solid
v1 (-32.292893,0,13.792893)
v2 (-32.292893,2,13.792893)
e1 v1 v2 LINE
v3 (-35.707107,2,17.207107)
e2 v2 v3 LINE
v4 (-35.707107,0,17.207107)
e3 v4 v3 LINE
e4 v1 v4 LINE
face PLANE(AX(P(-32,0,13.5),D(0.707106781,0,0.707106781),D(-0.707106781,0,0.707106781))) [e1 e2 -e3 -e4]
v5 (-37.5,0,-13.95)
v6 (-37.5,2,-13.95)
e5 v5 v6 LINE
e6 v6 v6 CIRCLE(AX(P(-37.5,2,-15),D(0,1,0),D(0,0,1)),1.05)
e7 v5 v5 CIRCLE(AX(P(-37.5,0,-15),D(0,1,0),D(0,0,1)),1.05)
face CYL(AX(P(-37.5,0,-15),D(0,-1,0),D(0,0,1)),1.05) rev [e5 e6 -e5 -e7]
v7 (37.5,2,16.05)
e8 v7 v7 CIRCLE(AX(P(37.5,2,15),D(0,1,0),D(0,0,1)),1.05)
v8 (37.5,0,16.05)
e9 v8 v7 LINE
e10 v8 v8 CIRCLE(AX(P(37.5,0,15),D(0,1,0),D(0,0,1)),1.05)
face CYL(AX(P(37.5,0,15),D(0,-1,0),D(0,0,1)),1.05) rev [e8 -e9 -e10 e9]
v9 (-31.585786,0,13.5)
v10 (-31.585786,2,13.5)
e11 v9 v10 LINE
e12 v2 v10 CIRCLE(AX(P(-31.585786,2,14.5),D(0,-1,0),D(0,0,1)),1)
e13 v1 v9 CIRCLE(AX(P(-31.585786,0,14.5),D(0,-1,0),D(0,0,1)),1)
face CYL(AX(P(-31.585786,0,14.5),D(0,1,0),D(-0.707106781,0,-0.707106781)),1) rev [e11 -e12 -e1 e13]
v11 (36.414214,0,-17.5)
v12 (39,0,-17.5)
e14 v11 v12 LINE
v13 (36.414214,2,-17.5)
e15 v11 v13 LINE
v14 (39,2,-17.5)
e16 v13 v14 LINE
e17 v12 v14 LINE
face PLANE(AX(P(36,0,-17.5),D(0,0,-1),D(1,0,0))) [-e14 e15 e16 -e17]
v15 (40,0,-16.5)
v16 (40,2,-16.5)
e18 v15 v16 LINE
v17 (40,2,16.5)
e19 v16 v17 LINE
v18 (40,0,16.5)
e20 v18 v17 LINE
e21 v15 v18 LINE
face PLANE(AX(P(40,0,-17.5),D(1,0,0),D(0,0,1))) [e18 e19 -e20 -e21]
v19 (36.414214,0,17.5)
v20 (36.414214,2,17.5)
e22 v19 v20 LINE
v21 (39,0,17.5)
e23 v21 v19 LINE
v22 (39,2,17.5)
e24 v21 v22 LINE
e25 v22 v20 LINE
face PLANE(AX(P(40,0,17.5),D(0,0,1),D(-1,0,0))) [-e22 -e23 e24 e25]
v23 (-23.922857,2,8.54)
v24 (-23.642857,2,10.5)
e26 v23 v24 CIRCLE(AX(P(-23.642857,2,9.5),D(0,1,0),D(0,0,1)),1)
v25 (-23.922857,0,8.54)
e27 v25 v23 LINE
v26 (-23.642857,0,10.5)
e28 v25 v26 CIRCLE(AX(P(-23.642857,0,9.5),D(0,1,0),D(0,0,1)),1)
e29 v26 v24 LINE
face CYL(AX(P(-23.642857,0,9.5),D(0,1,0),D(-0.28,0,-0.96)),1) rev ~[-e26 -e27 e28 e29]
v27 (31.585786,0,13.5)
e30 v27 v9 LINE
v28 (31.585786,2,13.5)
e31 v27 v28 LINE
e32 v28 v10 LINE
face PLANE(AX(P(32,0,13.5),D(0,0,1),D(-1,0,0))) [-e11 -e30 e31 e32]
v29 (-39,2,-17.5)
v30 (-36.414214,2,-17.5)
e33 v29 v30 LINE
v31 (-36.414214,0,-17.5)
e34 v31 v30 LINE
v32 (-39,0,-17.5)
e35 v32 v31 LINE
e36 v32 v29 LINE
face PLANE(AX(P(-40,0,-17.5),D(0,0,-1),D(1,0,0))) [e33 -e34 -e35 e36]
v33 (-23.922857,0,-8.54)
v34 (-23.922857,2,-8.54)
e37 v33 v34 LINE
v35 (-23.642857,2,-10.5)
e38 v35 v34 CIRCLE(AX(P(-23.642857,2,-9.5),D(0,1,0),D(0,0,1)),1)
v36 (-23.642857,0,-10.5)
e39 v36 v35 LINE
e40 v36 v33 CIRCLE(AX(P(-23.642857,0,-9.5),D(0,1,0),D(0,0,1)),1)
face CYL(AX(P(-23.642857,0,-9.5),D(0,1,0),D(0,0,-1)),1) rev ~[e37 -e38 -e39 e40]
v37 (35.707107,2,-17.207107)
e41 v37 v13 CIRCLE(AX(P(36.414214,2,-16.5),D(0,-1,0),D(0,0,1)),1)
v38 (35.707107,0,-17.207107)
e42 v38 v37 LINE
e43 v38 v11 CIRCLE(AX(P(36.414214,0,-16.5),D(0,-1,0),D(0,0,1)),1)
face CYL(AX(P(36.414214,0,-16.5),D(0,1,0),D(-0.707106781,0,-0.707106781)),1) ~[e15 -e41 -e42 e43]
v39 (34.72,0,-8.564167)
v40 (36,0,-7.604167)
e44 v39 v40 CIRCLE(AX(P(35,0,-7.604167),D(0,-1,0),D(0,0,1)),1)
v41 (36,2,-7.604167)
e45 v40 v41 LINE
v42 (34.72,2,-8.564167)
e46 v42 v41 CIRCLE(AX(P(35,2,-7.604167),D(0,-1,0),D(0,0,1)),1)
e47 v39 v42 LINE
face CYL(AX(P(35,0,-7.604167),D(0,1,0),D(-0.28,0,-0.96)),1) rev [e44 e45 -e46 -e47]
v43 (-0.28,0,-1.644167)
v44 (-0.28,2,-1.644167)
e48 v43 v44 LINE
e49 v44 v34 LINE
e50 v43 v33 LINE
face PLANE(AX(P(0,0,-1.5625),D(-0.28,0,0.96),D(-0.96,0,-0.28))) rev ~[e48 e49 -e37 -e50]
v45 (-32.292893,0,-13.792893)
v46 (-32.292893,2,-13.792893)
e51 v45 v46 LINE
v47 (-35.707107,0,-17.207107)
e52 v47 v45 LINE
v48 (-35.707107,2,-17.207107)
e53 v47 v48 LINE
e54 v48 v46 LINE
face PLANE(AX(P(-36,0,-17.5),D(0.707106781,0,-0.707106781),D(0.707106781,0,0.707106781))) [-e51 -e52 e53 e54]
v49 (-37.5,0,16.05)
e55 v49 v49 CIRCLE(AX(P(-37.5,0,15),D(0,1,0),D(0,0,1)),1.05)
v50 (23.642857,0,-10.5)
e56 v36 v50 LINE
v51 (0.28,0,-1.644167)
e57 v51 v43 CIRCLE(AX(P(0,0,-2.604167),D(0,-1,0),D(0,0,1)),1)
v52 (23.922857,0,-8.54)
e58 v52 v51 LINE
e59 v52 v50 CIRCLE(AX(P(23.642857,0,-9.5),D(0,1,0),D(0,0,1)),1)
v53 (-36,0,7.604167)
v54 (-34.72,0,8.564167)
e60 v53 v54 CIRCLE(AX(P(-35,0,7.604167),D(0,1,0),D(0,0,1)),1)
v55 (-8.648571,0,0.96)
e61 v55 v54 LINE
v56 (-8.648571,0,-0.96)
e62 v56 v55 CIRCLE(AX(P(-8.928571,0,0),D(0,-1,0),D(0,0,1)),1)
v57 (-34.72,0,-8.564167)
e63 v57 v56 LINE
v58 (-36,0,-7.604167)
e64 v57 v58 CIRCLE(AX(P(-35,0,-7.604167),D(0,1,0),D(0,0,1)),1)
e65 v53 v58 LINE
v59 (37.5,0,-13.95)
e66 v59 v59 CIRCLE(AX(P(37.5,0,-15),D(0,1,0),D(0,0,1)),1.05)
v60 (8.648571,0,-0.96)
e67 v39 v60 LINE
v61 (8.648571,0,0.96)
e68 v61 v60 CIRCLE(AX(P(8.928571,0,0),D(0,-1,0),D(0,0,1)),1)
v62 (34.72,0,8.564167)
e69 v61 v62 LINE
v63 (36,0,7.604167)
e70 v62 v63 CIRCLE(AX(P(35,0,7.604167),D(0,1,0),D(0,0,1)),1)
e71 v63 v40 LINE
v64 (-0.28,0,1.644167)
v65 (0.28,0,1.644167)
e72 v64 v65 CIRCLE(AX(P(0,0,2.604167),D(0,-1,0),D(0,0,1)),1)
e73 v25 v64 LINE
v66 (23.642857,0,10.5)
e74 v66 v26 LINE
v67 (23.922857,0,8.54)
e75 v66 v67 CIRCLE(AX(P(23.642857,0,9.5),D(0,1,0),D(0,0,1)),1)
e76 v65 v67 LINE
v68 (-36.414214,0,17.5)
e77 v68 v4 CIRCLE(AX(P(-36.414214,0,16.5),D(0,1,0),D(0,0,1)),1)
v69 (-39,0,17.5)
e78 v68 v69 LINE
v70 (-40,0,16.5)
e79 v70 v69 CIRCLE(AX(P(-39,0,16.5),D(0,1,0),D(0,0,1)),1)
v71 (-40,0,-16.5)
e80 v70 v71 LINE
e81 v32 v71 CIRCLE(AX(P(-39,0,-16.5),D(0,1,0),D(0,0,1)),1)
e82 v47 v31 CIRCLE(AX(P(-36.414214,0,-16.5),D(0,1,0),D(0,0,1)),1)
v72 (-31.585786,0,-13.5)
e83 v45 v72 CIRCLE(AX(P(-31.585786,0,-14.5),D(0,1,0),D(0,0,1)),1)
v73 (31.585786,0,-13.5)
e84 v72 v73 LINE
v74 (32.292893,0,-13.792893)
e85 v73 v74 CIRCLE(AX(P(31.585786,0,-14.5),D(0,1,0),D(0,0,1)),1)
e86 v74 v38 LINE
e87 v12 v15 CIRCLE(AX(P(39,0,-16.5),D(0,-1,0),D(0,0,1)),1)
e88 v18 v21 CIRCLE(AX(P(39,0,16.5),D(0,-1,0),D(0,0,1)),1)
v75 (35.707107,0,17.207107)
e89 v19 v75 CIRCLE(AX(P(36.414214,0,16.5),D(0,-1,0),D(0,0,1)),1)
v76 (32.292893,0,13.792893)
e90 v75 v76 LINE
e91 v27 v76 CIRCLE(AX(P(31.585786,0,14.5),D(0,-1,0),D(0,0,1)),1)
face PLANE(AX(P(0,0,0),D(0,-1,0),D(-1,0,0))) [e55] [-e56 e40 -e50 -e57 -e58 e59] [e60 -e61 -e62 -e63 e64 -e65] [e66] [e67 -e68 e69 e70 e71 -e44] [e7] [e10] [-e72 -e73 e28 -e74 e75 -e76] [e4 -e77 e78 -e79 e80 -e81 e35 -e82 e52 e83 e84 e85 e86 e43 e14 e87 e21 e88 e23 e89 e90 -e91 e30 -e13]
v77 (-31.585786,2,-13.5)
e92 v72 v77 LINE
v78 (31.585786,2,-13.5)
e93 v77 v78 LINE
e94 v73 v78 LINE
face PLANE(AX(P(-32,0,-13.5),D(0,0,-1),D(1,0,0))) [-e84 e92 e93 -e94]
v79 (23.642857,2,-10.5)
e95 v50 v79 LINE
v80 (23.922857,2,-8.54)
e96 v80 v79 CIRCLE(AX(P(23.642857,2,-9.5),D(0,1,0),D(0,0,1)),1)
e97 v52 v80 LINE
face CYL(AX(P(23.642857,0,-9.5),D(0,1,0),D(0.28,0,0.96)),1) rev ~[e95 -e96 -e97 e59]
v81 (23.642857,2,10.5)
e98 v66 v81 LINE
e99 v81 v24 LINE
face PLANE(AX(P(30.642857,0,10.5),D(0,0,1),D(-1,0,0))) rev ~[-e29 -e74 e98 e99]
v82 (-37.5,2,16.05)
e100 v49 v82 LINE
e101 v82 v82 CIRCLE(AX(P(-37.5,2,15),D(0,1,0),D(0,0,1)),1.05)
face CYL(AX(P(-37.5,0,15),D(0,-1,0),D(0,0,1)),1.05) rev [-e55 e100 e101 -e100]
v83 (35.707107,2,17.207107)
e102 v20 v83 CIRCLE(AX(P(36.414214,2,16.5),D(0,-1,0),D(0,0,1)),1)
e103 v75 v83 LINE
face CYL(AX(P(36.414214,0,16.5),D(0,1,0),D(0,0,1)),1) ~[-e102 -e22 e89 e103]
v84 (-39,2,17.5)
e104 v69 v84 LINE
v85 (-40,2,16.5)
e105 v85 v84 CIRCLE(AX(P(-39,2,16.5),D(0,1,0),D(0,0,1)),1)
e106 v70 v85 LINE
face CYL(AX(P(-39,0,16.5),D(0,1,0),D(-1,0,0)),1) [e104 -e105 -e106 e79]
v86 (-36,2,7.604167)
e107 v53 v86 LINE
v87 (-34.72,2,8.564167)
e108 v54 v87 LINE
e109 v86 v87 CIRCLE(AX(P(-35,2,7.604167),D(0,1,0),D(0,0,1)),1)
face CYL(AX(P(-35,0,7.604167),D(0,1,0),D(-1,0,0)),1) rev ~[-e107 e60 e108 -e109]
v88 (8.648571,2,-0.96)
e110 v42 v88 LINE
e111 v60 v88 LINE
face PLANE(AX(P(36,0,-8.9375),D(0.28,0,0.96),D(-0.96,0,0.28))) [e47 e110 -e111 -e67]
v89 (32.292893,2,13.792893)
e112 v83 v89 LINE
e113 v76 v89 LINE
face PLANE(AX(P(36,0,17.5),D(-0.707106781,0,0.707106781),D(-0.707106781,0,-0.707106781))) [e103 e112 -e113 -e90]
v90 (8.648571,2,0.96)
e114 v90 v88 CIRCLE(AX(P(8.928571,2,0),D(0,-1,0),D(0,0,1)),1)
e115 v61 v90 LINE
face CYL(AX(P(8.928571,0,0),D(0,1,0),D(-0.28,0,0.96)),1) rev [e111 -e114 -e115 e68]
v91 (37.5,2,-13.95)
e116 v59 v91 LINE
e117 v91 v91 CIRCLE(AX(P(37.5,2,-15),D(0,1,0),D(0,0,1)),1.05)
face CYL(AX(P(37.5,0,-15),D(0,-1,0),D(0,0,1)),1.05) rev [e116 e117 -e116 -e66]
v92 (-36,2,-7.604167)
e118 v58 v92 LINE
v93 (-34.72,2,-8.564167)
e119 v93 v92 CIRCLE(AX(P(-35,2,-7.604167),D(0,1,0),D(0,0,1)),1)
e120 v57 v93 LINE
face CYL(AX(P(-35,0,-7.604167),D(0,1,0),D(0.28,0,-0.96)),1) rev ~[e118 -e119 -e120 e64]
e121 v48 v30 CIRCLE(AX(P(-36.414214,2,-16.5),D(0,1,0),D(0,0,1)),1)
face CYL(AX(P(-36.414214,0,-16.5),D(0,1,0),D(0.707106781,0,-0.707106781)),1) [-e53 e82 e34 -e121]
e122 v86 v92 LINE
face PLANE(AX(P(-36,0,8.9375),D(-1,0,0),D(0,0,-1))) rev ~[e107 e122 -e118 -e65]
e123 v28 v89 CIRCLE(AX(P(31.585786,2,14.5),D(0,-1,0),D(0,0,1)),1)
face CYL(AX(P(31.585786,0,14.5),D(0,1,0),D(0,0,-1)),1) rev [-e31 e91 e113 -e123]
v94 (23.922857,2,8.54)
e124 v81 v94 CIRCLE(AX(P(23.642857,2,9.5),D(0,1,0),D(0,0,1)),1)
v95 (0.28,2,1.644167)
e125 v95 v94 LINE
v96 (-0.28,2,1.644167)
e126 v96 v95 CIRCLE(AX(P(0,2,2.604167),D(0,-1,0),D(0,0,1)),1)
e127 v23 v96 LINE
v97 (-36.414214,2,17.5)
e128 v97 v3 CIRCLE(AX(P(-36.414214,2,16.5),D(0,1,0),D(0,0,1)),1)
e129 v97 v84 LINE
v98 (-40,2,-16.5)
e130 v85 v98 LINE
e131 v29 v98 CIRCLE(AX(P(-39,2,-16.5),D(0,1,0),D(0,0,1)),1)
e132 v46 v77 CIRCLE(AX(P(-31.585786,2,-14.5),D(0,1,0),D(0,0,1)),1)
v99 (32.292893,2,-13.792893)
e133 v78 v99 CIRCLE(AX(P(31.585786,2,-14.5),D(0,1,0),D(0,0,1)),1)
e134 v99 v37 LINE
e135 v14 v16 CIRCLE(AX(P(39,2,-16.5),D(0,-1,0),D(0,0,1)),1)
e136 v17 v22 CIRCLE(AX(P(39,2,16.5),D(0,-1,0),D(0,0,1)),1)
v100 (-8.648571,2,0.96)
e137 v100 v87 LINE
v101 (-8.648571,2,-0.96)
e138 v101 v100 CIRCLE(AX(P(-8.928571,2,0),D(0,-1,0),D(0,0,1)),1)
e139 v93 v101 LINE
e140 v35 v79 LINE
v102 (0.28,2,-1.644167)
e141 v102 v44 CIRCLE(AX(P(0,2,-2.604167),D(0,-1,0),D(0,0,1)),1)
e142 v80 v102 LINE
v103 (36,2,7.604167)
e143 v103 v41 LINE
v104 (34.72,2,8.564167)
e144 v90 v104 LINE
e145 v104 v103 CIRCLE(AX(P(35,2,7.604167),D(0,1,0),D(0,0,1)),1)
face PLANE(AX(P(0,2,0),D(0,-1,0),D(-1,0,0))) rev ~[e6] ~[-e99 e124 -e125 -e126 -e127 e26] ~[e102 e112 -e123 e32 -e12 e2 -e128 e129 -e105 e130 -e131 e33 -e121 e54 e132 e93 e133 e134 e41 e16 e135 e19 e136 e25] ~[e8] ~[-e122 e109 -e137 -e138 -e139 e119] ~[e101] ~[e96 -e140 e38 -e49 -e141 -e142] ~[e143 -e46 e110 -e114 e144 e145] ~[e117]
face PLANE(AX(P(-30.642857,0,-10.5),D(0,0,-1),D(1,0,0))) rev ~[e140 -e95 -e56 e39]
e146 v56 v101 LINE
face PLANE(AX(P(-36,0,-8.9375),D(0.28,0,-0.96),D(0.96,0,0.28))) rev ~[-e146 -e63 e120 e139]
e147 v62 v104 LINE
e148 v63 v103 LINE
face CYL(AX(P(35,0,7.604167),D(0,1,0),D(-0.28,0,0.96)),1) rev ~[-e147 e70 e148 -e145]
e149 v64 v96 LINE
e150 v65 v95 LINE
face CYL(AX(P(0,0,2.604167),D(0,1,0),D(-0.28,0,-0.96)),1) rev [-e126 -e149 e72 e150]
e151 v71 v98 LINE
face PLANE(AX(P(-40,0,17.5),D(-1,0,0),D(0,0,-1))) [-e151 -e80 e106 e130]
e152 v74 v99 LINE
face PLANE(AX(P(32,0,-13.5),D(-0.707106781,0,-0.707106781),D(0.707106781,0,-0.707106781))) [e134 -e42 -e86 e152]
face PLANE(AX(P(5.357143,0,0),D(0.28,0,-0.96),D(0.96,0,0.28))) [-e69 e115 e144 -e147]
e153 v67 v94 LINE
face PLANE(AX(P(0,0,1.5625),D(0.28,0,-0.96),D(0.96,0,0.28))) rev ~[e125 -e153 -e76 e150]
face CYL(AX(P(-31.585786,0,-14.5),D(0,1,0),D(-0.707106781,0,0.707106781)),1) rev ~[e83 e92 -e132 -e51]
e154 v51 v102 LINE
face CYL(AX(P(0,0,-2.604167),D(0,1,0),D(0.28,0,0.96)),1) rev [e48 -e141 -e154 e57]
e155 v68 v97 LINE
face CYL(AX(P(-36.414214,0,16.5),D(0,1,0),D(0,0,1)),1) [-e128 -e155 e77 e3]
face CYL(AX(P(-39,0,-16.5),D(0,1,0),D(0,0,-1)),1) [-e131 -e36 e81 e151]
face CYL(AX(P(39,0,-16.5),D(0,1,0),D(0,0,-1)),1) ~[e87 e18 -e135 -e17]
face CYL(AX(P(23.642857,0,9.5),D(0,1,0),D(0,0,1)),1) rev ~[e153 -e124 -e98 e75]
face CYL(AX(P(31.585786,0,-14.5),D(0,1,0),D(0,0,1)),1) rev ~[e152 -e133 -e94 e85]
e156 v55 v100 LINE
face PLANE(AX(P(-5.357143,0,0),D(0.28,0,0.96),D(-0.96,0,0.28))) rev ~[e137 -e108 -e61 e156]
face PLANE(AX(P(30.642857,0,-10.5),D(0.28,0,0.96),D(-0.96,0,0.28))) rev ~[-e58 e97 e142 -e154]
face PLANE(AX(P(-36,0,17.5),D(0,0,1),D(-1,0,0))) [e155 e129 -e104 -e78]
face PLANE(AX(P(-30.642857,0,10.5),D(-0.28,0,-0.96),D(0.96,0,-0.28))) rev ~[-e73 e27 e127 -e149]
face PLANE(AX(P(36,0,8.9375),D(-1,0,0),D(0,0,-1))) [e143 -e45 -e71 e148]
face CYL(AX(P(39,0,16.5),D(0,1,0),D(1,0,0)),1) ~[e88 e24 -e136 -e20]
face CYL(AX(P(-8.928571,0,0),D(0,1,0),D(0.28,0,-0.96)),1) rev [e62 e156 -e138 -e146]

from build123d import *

# Parameters (mm, degrees)
SKETCH_2_R      = 1.05
EXTRUDE_1_DEPTH = 2
FILLET_1_R      = 1


with BuildPart() as part:
    # 草图2 → 凸台-拉伸1 (new body)
    with BuildSketch(Plane(origin=(0, 0, 0), x_dir=(1, 0, 0), z_dir=(0, 1, 0))):
        Polygon((-36, 17.5), (-32, 13.5), (32, 13.5), (36, 17.5), (40, 17.5), (40, -17.5), (36, -17.5), (32, -13.5), (-32, -13.5), (-36, -17.5), (-40, -17.5), (-40, 17.5), align=None)
        with Locations(Location((-37.5, 15, 0), (0, 0, 270))):
            Circle(SKETCH_2_R, mode=Mode.SUBTRACT)
        with Locations(Location((37.5, 15, 0), (0, 0, 270))):
            Circle(SKETCH_2_R, mode=Mode.SUBTRACT)
        with Locations(Location((37.5, -15, 0), (0, 0, 270))):
            Circle(SKETCH_2_R, mode=Mode.SUBTRACT)
        with Locations(Location((-37.5, -15, 0), (0, 0, 270))):
            Circle(SKETCH_2_R, mode=Mode.SUBTRACT)
        Polygon((30.642857143, 10.5), (0, 1.5625), (-30.642857143, 10.5), align=None, mode=Mode.SUBTRACT)
        Polygon((-30.642857143, -10.5), (0, -1.5625), (30.642857143, -10.5), align=None, mode=Mode.SUBTRACT)
        Polygon((-36, 8.9375), (-5.357142857, 0), (-36, -8.9375), align=None, mode=Mode.SUBTRACT)
        Polygon((36, -8.9375), (36, 8.9375), (5.357142857, 0), align=None, mode=Mode.SUBTRACT)
    extrude(amount=EXTRUDE_1_DEPTH)

    # 圆角1
    fillet_1_edges = [part.edges().sort_by_distance(p)[0] for p in [
        (-30.642857143, 1, 10.5),
        (30.642857143, 1, 10.5),
        (0, 1, 1.5625),
        (36, 1, 8.9375),
        (36, 1, -8.9375),
        (5.357142857, 1, 0),
        (-36, 1, -8.9375),
        (-36, 1, 8.9375),
        (-5.357142857, 1, 0),
        (-40, 1, 17.5),
        (-40, 1, -17.5),
        (-36, 1, -17.5),
        (-32, 1, -13.5),
        (32, 1, -13.5),
        (36, 1, -17.5),
        (40, 1, -17.5),
        (40, 1, 17.5),
        (36, 1, 17.5),
        (32, 1, 13.5),
        (-32, 1, 13.5),
        (-36, 1, 17.5),
        (-30.642857143, 1, -10.5),
        (0, 1, -1.5625),
        (30.642857143, 1, -10.5),
    ]]
    fillet(fillet_1_edges, radius=FILLET_1_R)


solid = part.part
